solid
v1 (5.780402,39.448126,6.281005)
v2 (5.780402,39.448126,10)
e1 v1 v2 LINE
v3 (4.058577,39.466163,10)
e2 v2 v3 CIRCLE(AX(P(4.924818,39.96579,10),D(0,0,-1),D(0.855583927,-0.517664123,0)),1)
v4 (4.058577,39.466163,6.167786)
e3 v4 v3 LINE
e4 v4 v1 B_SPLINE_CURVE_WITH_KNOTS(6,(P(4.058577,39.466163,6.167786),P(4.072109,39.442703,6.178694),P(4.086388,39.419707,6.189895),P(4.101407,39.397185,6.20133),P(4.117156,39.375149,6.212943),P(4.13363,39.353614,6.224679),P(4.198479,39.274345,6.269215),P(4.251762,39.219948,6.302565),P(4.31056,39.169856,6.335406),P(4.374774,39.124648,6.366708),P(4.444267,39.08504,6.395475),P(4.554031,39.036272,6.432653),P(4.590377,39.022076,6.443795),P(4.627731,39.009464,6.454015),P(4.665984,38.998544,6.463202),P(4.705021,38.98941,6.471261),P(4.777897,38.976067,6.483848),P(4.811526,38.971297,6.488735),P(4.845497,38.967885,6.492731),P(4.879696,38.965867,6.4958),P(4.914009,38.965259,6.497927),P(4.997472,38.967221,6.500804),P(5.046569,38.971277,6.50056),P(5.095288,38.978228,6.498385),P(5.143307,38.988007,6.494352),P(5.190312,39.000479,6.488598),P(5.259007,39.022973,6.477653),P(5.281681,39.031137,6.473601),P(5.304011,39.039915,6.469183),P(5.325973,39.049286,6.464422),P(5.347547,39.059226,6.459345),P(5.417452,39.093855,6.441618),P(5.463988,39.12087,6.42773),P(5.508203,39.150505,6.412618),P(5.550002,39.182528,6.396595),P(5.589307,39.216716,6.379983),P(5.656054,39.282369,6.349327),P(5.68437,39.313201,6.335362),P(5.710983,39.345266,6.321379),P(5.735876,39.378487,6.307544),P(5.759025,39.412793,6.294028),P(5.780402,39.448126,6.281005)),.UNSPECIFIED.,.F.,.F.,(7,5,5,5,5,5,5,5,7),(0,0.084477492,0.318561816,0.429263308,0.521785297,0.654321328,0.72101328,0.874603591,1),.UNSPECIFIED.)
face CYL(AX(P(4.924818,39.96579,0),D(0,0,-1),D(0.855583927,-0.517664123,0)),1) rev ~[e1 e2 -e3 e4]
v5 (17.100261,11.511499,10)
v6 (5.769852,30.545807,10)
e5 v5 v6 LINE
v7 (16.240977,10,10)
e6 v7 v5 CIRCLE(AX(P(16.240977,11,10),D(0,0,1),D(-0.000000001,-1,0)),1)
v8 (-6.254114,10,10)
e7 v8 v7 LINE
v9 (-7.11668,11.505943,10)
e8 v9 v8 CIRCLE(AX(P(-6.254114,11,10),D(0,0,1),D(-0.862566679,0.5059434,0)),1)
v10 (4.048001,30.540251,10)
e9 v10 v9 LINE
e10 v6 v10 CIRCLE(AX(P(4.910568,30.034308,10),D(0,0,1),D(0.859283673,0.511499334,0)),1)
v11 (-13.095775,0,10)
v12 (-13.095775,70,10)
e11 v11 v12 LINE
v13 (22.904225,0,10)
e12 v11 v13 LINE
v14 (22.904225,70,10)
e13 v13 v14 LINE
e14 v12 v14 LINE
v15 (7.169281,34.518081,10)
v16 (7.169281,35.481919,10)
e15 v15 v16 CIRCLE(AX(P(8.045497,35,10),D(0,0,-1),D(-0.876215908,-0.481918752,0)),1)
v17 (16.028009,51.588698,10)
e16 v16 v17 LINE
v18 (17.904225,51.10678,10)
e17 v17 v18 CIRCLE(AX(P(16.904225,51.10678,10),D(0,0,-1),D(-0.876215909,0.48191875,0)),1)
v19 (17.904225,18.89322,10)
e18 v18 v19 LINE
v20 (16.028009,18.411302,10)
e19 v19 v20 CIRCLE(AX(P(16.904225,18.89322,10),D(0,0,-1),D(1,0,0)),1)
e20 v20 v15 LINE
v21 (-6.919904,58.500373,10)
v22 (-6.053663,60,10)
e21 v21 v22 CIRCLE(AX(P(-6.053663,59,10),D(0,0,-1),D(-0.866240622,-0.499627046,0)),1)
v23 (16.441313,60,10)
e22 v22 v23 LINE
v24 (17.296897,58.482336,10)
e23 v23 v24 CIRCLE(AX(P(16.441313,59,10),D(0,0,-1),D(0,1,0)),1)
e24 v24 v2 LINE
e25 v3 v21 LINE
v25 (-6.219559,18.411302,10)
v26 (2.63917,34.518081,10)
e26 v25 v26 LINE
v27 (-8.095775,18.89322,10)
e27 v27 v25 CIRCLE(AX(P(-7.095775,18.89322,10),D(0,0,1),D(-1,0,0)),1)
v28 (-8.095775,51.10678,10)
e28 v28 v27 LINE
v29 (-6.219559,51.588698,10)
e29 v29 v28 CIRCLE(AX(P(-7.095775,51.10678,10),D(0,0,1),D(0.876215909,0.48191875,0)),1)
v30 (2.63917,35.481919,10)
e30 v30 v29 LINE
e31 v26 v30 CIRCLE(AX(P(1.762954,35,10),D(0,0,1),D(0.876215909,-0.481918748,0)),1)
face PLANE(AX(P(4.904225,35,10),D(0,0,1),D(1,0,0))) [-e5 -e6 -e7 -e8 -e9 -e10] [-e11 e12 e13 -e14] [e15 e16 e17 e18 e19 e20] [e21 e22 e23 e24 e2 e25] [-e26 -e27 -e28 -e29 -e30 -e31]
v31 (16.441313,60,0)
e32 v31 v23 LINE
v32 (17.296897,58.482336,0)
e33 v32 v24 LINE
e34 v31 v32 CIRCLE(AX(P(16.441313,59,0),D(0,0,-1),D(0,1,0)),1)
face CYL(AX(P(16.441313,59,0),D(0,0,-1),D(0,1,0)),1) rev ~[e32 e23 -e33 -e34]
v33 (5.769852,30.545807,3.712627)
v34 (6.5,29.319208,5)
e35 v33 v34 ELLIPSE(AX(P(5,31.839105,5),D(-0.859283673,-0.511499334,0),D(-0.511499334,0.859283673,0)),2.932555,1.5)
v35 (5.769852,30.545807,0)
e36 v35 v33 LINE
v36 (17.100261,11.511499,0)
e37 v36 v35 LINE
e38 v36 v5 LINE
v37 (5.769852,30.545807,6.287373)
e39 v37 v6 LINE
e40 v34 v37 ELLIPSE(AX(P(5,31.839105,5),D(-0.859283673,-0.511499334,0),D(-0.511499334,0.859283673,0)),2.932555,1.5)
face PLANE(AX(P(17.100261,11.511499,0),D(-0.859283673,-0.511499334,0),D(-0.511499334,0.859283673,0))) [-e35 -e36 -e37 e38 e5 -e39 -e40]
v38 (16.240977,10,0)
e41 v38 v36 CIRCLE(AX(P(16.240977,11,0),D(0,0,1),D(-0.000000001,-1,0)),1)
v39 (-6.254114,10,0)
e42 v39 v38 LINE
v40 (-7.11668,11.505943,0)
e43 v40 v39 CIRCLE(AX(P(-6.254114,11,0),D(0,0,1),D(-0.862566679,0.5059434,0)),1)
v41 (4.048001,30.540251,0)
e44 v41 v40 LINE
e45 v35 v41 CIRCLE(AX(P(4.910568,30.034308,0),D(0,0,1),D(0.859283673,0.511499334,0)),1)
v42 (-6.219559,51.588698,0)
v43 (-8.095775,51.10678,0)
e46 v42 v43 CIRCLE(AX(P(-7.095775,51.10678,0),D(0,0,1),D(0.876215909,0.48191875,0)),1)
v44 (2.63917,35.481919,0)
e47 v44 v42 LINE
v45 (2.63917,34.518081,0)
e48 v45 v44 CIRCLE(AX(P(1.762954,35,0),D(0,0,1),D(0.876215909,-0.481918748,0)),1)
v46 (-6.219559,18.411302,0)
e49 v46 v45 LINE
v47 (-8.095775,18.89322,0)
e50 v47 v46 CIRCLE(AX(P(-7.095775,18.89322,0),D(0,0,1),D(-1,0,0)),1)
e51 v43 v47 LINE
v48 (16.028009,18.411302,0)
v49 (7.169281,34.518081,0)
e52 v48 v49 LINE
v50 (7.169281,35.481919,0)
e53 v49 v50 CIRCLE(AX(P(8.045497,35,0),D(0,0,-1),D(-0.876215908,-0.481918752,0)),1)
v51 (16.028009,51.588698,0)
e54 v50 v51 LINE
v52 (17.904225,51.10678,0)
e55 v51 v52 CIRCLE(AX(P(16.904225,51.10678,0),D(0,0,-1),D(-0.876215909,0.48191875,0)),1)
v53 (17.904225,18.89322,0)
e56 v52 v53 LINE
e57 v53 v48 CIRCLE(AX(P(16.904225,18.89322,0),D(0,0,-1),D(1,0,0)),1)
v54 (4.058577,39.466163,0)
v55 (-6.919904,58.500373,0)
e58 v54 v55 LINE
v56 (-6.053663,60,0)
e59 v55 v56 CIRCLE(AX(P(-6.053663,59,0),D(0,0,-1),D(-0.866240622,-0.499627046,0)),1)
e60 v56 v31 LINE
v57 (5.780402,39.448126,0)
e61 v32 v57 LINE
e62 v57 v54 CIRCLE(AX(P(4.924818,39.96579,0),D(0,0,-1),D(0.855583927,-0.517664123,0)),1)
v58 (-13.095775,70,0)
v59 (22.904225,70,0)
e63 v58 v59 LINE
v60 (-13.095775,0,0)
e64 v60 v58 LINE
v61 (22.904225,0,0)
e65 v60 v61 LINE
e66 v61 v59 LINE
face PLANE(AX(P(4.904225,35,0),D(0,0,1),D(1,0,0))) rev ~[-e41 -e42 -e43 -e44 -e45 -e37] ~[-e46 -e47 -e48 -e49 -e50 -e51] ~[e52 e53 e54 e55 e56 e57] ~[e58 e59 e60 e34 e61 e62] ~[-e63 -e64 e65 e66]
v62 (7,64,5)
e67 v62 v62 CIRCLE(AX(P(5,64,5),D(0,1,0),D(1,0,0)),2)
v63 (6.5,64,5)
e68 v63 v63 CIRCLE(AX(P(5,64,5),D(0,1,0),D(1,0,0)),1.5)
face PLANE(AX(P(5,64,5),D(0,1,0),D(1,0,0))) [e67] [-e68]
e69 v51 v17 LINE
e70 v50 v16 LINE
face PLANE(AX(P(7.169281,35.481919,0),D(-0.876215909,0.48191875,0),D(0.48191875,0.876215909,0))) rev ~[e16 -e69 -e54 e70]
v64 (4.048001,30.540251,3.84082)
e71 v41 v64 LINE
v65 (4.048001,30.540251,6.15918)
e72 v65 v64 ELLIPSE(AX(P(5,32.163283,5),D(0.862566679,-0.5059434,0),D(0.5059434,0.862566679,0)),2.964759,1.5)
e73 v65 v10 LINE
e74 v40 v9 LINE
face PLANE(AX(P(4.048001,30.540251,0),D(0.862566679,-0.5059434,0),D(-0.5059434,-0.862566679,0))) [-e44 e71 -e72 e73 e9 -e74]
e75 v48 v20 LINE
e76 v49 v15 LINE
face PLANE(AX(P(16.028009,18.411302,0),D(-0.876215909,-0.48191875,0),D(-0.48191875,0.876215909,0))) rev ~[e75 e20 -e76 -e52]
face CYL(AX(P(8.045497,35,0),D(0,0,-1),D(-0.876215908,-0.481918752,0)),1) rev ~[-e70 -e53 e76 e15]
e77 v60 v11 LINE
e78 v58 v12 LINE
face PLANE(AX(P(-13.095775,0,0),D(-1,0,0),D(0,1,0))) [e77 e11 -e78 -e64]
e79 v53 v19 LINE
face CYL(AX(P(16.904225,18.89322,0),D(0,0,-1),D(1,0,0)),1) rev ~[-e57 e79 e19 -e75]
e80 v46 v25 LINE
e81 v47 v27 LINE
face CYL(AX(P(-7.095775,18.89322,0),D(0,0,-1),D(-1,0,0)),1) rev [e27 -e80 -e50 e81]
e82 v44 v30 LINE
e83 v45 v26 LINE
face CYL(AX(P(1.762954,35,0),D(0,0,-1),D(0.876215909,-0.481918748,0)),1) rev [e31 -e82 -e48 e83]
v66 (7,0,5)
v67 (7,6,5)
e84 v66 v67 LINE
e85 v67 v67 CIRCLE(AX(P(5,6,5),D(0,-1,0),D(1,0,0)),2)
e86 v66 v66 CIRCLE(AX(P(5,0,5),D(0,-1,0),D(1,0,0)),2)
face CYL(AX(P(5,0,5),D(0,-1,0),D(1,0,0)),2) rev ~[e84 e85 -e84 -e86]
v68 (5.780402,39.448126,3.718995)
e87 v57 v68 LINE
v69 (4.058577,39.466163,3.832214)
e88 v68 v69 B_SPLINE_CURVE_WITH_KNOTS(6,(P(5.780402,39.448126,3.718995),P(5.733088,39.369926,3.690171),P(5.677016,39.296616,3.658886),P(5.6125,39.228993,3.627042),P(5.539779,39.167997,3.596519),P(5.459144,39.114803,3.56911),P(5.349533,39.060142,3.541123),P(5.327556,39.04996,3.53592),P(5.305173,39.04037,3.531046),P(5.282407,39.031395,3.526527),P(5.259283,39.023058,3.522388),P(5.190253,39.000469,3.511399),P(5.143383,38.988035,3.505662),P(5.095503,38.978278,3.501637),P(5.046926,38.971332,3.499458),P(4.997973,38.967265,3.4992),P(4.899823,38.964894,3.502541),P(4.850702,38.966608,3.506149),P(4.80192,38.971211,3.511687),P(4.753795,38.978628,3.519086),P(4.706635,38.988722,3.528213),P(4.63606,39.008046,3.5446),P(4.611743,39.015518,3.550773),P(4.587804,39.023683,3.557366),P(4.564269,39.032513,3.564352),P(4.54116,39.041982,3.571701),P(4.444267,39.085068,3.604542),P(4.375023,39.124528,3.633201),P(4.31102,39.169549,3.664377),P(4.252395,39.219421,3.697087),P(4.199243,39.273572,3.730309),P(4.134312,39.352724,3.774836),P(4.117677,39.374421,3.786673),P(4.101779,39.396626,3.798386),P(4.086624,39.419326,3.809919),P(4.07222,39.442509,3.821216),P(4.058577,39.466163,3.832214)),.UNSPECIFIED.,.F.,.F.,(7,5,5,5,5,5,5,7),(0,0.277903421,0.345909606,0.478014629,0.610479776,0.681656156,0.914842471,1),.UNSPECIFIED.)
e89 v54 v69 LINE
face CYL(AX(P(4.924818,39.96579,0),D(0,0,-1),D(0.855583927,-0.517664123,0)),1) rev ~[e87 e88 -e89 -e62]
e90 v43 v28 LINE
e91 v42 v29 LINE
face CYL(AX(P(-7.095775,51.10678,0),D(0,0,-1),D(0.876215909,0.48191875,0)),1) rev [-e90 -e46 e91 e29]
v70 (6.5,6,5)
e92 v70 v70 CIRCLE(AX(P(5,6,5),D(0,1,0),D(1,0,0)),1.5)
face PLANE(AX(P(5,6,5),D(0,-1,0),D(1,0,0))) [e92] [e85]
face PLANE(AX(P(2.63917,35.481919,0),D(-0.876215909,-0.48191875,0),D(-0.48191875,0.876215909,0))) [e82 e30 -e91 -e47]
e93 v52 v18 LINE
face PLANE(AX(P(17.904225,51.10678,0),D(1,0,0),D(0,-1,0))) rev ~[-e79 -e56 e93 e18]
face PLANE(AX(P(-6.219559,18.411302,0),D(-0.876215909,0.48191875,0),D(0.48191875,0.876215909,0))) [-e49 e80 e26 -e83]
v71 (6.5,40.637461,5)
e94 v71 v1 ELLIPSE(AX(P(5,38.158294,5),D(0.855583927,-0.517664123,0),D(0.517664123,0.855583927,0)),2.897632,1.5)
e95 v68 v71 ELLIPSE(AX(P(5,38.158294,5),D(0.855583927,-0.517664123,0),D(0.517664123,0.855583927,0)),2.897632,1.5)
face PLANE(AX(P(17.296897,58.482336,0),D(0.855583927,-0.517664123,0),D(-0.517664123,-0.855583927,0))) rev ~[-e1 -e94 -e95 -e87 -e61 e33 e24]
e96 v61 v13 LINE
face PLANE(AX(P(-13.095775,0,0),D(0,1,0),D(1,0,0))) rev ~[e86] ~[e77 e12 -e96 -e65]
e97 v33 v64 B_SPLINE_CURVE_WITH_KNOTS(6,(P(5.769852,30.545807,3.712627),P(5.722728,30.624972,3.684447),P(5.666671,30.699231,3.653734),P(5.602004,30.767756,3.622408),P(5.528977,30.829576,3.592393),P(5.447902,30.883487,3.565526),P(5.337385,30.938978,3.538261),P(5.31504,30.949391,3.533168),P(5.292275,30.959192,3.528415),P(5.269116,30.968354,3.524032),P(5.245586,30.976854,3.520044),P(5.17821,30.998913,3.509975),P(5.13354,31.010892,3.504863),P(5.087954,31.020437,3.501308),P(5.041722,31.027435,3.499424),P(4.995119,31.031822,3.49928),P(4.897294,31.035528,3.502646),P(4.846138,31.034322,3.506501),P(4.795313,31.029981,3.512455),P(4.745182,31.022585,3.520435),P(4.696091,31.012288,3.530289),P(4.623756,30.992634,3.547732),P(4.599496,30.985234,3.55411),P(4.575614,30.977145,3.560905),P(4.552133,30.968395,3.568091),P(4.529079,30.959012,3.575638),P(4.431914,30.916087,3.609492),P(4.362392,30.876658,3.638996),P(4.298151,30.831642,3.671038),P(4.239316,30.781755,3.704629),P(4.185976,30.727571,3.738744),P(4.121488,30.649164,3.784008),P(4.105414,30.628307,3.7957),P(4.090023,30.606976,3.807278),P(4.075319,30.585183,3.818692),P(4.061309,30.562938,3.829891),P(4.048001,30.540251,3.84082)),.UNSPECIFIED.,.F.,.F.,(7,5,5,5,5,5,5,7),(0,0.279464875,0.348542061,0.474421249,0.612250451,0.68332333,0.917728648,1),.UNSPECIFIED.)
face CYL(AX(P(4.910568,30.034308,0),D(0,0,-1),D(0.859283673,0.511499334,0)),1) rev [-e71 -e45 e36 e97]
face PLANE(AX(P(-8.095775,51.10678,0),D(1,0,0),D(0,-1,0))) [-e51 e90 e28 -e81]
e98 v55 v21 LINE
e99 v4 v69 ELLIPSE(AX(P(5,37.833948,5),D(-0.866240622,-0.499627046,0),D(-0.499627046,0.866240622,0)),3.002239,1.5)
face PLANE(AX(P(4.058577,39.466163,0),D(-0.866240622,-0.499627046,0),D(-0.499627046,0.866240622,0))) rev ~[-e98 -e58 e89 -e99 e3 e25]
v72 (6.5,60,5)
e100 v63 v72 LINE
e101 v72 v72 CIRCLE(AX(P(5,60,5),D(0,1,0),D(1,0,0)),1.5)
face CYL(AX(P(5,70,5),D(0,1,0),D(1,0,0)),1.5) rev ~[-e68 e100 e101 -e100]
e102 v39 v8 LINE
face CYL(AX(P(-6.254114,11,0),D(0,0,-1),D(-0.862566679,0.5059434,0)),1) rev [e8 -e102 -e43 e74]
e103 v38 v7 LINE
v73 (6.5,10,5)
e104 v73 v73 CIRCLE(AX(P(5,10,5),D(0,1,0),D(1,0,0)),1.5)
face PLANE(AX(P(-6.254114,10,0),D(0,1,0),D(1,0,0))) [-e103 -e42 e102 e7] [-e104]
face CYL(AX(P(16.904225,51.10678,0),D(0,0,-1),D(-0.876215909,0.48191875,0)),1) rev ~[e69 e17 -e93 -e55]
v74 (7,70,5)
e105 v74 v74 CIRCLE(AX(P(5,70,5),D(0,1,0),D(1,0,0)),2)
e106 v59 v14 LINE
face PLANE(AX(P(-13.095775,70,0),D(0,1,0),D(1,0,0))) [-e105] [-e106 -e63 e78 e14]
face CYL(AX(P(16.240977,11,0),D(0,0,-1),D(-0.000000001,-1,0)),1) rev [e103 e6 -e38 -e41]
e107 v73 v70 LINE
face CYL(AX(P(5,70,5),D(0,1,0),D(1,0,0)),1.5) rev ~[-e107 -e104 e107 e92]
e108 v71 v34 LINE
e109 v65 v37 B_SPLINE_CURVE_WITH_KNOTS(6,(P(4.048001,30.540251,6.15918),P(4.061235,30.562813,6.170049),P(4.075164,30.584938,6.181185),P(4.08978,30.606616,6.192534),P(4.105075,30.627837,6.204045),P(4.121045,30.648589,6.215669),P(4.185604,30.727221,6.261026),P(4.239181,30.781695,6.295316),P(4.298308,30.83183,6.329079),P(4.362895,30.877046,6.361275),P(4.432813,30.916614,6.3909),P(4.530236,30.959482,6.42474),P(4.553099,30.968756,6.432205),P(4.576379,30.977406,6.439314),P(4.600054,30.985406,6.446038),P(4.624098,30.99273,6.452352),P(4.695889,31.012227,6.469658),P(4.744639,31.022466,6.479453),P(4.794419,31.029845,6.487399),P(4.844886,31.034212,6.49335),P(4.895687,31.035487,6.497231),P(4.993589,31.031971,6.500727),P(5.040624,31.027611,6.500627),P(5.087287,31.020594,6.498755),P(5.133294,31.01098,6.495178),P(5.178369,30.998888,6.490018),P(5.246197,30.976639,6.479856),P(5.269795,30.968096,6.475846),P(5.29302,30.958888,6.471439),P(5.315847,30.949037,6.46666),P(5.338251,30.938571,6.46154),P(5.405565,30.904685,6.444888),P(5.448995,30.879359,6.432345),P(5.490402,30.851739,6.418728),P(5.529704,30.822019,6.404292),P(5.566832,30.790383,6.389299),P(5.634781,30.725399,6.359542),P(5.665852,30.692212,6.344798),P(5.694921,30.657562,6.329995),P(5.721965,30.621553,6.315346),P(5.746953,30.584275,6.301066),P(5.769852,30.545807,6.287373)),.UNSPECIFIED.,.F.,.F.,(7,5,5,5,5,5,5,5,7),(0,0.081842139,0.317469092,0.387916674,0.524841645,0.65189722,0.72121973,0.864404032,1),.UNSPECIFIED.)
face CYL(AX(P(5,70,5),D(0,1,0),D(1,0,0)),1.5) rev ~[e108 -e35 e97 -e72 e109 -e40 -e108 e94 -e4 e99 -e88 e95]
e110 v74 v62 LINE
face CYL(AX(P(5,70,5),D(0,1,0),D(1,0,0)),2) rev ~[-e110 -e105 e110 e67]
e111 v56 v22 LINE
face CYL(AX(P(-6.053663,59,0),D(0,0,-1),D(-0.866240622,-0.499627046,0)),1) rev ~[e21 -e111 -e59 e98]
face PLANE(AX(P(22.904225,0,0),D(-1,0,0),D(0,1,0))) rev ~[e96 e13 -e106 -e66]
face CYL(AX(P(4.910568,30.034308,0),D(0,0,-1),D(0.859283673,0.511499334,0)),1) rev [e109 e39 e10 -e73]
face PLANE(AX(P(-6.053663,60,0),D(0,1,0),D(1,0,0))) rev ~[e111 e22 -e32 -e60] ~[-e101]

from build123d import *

# Parameters (mm, degrees)
SKIZZE1_W                       = 36
SKIZZE1_H                       = 70
AUFSATZ_LINEAR_AUSTRAGEN1_DEPTH = 10
SKIZZE2_R                       = 1.5
SCHNITT_LINEAR_AUSTRAGEN1_DEPTH = 71
SKIZZE3_R                       = 2
SCHNITT_LINEAR_AUSTRAGEN2_DEPTH = 6
SKIZZE4_R                       = 2
SCHNITT_LINEAR_AUSTRAGEN3_DEPTH = 6


with BuildPart() as part:
    # Skizze1 → Aufsatz-Linear austragen1 (new body)
    with BuildSketch(Plane.XY):
        with Locations((4.904225341, 35)):
            Rectangle(SKIZZE1_W, SKIZZE1_H)
        with BuildLine():
            Line((17.904225341, 51.106779598), (17.904225341, 18.893220402))
            ThreePointArc((17.904225341, 18.893220402), (17.153006461, 17.92466067), (16.028009433, 18.411301652))
            Line((16.028009433, 18.411301652), (7.169280654, 34.51808125))
            ThreePointArc((7.169280654, 34.51808125), (7.045496562, 35), (7.169280654, 35.48191875))
            Line((7.169280654, 35.48191875), (16.028009433, 51.588698348))
            ThreePointArc((16.028009433, 51.588698348), (17.153006461, 52.07533933), (17.904225341, 51.106779598))
        make_face(mode=Mode.SUBTRACT)
        with BuildLine():
            Line((-8.095774659, 51.106779598), (-8.095774659, 18.893220402))
            ThreePointArc((-8.095774659, 18.893220402), (-7.344555779, 17.92466067), (-6.21955875, 18.411301652))
            Line((-6.21955875, 18.411301652), (2.639170029, 34.51808125))
            ThreePointArc((2.639170029, 34.51808125), (2.76295412, 35), (2.639170029, 35.48191875))
            Line((2.639170029, 35.48191875), (-6.21955875, 51.588698348))
            ThreePointArc((-6.21955875, 51.588698348), (-7.344555779, 52.07533933), (-8.095774659, 51.106779598))
        make_face(mode=Mode.SUBTRACT)
        with BuildLine():
            Line((-6.053662963, 60), (16.441312792, 60))
            ThreePointArc((16.441312792, 60), (17.312422464, 59.491088524), (17.296896718, 58.482335877))
            Line((17.296896718, 58.482335877), (5.780402017, 39.448125623))
            ThreePointArc((5.780402017, 39.448125623), (4.914343105, 38.96584461), (4.058577468, 39.466162699))
            Line((4.058577468, 39.466162699), (-6.919903585, 58.500372954))
            ThreePointArc((-6.919903585, 58.500372954), (-6.919580698, 59.500186442), (-6.053662963, 60))
        make_face(mode=Mode.SUBTRACT)
        with BuildLine():
            Line((-6.25411364, 10), (16.240977478, 10))
            ThreePointArc((16.240977478, 10), (17.110316116, 10.505783111), (17.100261151, 11.511499334))
            Line((17.100261151, 11.511499334), (5.769851759, 30.545807203))
            ThreePointArc((5.769851759, 30.545807203), (4.907341379, 31.034302663), (4.048001406, 30.540251269))
            Line((4.048001406, 30.540251269), (-7.116680319, 11.5059434))
            ThreePointArc((-7.116680319, 11.5059434), (-7.121853059, 10.502980584), (-6.25411364, 10))
        make_face(mode=Mode.SUBTRACT)
    extrude(amount=AUFSATZ_LINEAR_AUSTRAGEN1_DEPTH)

    # Skizze2 → Schnitt-Linear austragen1 (cut, through all)
    with BuildSketch(Plane(origin=(0, 70, 0), x_dir=(1, 0, 0), z_dir=(0, 1, 0))):
        with Locations((5, -5)):
            Circle(SKIZZE2_R)
    extrude(amount=-SCHNITT_LINEAR_AUSTRAGEN1_DEPTH, mode=Mode.SUBTRACT)

    # Skizze3 → Schnitt-Linear austragen2 (cut)
    with BuildSketch(Plane(origin=(0, 70, 0), x_dir=(1, 0, 0), z_dir=(0, 1, 0))):
        with Locations((5, -5)):
            Circle(SKIZZE3_R)
    extrude(amount=-SCHNITT_LINEAR_AUSTRAGEN2_DEPTH, mode=Mode.SUBTRACT)

    # Skizze4 → Schnitt-Linear austragen3 (cut)
    with BuildSketch(Plane.XZ):
        with Locations((5, 5)):
            Circle(SKIZZE4_R)
    extrude(amount=-SCHNITT_LINEAR_AUSTRAGEN3_DEPTH, mode=Mode.SUBTRACT)


solid = part.part
